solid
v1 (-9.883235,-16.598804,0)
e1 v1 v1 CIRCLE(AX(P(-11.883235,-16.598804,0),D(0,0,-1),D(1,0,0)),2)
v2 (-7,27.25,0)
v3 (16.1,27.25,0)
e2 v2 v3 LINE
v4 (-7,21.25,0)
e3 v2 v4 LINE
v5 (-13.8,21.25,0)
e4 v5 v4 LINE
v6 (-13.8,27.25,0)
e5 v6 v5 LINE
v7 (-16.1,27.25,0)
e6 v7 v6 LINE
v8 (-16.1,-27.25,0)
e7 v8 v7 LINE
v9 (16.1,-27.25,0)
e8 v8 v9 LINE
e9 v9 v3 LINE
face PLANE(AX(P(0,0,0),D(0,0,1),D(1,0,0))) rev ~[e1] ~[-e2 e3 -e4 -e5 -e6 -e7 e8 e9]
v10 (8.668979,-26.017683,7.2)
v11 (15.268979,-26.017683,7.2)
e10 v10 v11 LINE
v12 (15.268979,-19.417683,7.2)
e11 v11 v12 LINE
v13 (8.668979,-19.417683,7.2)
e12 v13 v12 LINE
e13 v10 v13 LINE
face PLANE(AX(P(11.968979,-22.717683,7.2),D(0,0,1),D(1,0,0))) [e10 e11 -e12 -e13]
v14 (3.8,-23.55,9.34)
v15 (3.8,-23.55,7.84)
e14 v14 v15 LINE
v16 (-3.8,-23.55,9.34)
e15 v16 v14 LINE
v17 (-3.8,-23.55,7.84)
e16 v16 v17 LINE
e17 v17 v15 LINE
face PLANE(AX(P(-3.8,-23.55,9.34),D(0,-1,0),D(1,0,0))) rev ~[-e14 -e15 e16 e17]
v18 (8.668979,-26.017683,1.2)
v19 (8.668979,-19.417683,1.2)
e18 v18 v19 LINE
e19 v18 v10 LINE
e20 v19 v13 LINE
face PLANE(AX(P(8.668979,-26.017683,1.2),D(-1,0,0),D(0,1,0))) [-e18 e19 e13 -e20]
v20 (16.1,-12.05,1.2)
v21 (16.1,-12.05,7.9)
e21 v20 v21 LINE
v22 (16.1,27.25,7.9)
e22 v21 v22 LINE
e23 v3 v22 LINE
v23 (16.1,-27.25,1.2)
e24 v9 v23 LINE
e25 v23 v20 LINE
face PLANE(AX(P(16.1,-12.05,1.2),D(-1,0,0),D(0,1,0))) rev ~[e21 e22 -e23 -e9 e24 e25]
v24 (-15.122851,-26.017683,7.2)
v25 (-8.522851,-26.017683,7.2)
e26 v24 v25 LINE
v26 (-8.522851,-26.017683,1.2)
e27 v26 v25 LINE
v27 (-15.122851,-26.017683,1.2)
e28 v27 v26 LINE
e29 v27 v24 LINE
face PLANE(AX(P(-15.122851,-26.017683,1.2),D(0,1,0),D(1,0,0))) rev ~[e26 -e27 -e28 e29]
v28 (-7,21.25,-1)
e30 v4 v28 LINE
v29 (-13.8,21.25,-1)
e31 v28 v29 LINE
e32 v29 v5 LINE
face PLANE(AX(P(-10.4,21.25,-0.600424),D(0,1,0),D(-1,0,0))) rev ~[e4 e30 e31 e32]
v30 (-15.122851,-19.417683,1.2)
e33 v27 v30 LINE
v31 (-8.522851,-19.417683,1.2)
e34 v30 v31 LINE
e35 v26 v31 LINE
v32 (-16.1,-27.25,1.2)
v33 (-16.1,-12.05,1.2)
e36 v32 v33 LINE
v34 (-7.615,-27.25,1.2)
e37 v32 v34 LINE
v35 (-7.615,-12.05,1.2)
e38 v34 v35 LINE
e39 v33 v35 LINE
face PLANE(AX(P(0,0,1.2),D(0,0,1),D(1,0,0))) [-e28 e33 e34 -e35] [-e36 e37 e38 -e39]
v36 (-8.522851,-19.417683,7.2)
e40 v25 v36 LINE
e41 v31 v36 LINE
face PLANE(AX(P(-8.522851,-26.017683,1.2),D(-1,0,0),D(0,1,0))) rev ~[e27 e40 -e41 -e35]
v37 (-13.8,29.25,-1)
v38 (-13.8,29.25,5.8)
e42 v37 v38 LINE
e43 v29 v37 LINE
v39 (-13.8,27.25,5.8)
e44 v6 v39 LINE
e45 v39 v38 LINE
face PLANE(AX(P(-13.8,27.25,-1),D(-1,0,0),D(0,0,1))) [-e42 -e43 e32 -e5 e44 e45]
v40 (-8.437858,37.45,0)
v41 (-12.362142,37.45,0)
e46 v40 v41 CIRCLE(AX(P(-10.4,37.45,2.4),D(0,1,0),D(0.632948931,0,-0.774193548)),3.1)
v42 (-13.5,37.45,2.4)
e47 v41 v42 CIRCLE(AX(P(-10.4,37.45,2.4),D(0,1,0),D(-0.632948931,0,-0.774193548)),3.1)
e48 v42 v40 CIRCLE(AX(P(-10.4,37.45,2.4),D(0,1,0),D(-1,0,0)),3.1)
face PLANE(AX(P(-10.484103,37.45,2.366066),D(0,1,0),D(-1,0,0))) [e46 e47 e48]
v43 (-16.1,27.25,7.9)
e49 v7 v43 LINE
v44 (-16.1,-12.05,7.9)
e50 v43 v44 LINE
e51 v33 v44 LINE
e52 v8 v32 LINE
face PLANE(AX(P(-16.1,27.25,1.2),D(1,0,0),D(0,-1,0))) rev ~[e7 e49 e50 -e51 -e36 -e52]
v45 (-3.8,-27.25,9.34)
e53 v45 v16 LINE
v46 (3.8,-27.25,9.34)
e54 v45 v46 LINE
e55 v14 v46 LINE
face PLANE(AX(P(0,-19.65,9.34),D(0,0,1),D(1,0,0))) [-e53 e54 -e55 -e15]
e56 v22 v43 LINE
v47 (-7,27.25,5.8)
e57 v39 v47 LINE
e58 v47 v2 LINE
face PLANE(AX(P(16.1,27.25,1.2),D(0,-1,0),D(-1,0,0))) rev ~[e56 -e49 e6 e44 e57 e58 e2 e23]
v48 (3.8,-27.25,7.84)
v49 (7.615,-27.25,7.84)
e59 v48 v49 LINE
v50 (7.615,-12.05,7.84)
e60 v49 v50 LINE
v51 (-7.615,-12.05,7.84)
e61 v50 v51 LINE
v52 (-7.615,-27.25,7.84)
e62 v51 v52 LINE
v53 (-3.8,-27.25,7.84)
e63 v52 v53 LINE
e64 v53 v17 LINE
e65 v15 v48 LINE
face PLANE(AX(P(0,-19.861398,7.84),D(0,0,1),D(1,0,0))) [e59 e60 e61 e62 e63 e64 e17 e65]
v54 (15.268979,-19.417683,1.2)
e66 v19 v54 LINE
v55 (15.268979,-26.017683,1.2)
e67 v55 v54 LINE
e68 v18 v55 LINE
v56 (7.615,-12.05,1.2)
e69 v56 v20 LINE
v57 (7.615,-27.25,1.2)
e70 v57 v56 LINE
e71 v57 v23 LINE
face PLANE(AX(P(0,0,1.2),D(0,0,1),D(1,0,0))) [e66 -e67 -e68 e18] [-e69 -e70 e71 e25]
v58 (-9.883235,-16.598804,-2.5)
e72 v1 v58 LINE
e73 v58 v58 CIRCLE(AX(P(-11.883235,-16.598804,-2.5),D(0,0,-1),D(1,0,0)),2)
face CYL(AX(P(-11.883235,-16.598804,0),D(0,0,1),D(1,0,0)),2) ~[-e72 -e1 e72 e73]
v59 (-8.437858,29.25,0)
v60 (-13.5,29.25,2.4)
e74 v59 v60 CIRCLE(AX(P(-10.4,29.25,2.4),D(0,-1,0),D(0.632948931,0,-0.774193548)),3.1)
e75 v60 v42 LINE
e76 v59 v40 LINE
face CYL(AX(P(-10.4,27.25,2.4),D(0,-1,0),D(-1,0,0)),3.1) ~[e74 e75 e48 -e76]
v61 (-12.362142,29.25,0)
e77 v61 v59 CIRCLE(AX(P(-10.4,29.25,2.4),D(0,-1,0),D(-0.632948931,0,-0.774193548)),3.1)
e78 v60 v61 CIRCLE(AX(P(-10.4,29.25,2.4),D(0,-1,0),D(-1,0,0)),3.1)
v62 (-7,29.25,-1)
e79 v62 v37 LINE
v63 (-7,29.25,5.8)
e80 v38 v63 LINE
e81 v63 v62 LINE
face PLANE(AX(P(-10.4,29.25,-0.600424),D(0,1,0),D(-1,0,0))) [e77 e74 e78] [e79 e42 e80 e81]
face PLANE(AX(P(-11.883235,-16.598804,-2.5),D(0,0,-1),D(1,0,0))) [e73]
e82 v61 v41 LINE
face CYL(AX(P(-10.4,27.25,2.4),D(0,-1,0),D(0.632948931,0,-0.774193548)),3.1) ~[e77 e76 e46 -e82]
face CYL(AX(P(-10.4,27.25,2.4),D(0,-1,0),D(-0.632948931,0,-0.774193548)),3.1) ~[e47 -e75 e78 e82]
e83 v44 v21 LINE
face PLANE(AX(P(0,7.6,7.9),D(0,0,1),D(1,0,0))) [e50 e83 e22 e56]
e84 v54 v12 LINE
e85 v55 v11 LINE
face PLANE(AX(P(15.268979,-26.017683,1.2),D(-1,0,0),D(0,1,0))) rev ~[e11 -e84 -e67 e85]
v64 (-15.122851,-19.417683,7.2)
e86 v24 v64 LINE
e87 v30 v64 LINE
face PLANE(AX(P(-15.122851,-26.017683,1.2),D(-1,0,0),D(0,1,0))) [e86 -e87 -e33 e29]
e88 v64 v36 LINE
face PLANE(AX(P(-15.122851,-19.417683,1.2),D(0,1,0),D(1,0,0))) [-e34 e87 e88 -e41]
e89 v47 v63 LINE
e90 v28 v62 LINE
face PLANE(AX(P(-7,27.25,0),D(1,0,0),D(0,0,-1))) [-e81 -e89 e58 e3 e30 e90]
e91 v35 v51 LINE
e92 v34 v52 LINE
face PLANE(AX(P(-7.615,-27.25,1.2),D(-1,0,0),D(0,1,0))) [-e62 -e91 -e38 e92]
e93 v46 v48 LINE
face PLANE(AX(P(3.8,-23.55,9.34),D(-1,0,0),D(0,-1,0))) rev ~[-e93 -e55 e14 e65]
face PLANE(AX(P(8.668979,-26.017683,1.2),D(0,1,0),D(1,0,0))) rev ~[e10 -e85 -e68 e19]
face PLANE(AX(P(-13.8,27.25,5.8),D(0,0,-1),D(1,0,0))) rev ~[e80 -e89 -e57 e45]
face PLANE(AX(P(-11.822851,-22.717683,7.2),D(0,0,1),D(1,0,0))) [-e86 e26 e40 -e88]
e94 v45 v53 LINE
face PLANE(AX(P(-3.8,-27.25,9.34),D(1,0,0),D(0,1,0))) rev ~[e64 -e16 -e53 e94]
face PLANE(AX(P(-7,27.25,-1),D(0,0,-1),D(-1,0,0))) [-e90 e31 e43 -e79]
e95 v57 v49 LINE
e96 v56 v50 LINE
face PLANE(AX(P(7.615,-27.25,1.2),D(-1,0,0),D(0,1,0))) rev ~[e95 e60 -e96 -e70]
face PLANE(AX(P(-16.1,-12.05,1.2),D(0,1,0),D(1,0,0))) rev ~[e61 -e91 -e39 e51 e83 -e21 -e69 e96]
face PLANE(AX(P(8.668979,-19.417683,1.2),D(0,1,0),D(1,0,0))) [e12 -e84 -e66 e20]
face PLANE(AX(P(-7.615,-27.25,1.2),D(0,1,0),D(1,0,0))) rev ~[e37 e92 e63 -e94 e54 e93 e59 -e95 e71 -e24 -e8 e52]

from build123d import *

# Parameters (mm, degrees)
F0_W      = 32.2
F0_H      = 54.5
F1_DEPTH  = 1.2
F3_DEPTH  = 6.7
F2_W      = 15.23
F2_H      = 15.2
F4_DEPTH  = 8.14
F2_W_2    = 6.6
F2_H_2    = 6.6
F5_DEPTH  = 6
F6_R      = 2
F7_DEPTH  = 2.5
F9_DEPTH  = 10.2
F10_DEPTH = 2
F11_DEPTH = 6
F13_DEPTH = 1.5


with BuildPart() as f1:
    # F0 (on Top) → F1 (new body)
    with BuildSketch(Plane.XY):
        Rectangle(F0_W, F0_H)
    extrude(amount=F1_DEPTH)

    # F2 (on face) → F3 (join)
    with BuildSketch(Plane.XY.offset(1.2)):
        Polygon((-7.615, -12.05), (7.615, -12.05), (16.1, -12.05), (16.1, 27.25), (-16.1, 27.25), (-16.1, -12.05), align=None)
    extrude(amount=F3_DEPTH)

    # F2 (on face) → F4 (join)
    with BuildSketch(Plane.XY.offset(1.2)):
        with Locations((0, -19.65)):
            Rectangle(F2_W, F2_H)
    extrude(amount=F4_DEPTH)

    # F2 (on face) → F5 (join)
    with BuildSketch(Plane.XY.offset(1.2)):
        with Locations((-11.8228513747, -22.7176826447)):
            Rectangle(F2_W_2, F2_H_2)
        with Locations((11.9689786807, -22.7176826447)):
            Rectangle(F2_W_2, F2_H_2)
    extrude(amount=F5_DEPTH)

    # F6 (on face) → F7 (join)
    with BuildSketch(Plane(origin=(0, 0, 0), x_dir=(1, 0, 0), z_dir=(0, 0, -1))):
        with Locations((-11.8832346052, 16.5988039225)):
            Circle(F6_R)
    extrude(amount=F7_DEPTH)

    # F8 (on face) → F9 (join)
    with BuildSketch(Plane(origin=(0, 27.25, 0), x_dir=(-1, 0, 0), z_dir=(0, 1, 0))):
        with BuildLine():
            ThreePointArc((13.5, 2.4), (9.0719637109, 5.2011282753), (8.437858313, 0))
            Line((8.437858313, 0), (12.362141687, 0))
            ThreePointArc((12.362141687, 0), (13.2011282753, 1.0719637109), (13.5, 2.4))
        make_face()
        with BuildLine():
            Line((12.362141687, 0), (8.437858313, 0))
            ThreePointArc((8.437858313, 0), (10.4, -0.7), (12.362141687, 0))
        make_face()
    extrude(amount=F9_DEPTH)

    # F8 (on face) → F10 (join)
    with BuildSketch(Plane(origin=(0, 27.25, 0), x_dir=(-1, 0, 0), z_dir=(0, 1, 0))):
        with BuildLine():
            Line((8.437858313, 0), (7, 0))
            Line((7, 0), (7, -1))
            Line((7, -1), (13.8, -1))
            Line((13.8, -1), (13.8, 0))
            Line((13.8, 0), (12.362141687, 0))
            ThreePointArc((12.362141687, 0), (10.4, -0.7), (8.437858313, 0))
        make_face()
        with BuildLine():
            Line((13.8, 5.8), (7, 5.8))
            Line((7, 5.8), (7, 0))
            Line((7, 0), (8.437858313, 0))
            ThreePointArc((8.437858313, 0), (9.0719637109, 5.2011282753), (13.5, 2.4))
            ThreePointArc((13.5, 2.4), (13.2011282753, 1.0719637109), (12.362141687, 0))
            Line((12.362141687, 0), (13.8, 0))
            Line((13.8, 0), (13.8, 5.8))
        make_face()
    extrude(amount=F10_DEPTH)

    # F8 (on face) → F11 (join)
    with BuildSketch(Plane(origin=(0, 27.25, 0), x_dir=(-1, 0, 0), z_dir=(0, 1, 0))):
        with BuildLine():
            Line((8.437858313, 0), (7, 0))
            Line((7, 0), (7, -1))
            Line((7, -1), (13.8, -1))
            Line((13.8, -1), (13.8, 0))
            Line((13.8, 0), (12.362141687, 0))
            ThreePointArc((12.362141687, 0), (10.4, -0.7), (8.437858313, 0))
        make_face()
        with BuildLine():
            Line((12.362141687, 0), (8.437858313, 0))
            ThreePointArc((8.437858313, 0), (10.4, -0.7), (12.362141687, 0))
        make_face()
    extrude(amount=-F11_DEPTH)

    # F12 (on face) → F13 (cut)
    with BuildSketch(Plane.XY.offset(9.34)):
        Polygon((-7.615, -27.25), (-3.8, -27.25), (-3.8, -23.55), (3.8, -23.55), (3.8, -27.25), (7.615, -27.25), (7.615, -12.05), (-7.615, -12.05), align=None)
    extrude(amount=-F13_DEPTH, mode=Mode.SUBTRACT)


solid = f1.part
